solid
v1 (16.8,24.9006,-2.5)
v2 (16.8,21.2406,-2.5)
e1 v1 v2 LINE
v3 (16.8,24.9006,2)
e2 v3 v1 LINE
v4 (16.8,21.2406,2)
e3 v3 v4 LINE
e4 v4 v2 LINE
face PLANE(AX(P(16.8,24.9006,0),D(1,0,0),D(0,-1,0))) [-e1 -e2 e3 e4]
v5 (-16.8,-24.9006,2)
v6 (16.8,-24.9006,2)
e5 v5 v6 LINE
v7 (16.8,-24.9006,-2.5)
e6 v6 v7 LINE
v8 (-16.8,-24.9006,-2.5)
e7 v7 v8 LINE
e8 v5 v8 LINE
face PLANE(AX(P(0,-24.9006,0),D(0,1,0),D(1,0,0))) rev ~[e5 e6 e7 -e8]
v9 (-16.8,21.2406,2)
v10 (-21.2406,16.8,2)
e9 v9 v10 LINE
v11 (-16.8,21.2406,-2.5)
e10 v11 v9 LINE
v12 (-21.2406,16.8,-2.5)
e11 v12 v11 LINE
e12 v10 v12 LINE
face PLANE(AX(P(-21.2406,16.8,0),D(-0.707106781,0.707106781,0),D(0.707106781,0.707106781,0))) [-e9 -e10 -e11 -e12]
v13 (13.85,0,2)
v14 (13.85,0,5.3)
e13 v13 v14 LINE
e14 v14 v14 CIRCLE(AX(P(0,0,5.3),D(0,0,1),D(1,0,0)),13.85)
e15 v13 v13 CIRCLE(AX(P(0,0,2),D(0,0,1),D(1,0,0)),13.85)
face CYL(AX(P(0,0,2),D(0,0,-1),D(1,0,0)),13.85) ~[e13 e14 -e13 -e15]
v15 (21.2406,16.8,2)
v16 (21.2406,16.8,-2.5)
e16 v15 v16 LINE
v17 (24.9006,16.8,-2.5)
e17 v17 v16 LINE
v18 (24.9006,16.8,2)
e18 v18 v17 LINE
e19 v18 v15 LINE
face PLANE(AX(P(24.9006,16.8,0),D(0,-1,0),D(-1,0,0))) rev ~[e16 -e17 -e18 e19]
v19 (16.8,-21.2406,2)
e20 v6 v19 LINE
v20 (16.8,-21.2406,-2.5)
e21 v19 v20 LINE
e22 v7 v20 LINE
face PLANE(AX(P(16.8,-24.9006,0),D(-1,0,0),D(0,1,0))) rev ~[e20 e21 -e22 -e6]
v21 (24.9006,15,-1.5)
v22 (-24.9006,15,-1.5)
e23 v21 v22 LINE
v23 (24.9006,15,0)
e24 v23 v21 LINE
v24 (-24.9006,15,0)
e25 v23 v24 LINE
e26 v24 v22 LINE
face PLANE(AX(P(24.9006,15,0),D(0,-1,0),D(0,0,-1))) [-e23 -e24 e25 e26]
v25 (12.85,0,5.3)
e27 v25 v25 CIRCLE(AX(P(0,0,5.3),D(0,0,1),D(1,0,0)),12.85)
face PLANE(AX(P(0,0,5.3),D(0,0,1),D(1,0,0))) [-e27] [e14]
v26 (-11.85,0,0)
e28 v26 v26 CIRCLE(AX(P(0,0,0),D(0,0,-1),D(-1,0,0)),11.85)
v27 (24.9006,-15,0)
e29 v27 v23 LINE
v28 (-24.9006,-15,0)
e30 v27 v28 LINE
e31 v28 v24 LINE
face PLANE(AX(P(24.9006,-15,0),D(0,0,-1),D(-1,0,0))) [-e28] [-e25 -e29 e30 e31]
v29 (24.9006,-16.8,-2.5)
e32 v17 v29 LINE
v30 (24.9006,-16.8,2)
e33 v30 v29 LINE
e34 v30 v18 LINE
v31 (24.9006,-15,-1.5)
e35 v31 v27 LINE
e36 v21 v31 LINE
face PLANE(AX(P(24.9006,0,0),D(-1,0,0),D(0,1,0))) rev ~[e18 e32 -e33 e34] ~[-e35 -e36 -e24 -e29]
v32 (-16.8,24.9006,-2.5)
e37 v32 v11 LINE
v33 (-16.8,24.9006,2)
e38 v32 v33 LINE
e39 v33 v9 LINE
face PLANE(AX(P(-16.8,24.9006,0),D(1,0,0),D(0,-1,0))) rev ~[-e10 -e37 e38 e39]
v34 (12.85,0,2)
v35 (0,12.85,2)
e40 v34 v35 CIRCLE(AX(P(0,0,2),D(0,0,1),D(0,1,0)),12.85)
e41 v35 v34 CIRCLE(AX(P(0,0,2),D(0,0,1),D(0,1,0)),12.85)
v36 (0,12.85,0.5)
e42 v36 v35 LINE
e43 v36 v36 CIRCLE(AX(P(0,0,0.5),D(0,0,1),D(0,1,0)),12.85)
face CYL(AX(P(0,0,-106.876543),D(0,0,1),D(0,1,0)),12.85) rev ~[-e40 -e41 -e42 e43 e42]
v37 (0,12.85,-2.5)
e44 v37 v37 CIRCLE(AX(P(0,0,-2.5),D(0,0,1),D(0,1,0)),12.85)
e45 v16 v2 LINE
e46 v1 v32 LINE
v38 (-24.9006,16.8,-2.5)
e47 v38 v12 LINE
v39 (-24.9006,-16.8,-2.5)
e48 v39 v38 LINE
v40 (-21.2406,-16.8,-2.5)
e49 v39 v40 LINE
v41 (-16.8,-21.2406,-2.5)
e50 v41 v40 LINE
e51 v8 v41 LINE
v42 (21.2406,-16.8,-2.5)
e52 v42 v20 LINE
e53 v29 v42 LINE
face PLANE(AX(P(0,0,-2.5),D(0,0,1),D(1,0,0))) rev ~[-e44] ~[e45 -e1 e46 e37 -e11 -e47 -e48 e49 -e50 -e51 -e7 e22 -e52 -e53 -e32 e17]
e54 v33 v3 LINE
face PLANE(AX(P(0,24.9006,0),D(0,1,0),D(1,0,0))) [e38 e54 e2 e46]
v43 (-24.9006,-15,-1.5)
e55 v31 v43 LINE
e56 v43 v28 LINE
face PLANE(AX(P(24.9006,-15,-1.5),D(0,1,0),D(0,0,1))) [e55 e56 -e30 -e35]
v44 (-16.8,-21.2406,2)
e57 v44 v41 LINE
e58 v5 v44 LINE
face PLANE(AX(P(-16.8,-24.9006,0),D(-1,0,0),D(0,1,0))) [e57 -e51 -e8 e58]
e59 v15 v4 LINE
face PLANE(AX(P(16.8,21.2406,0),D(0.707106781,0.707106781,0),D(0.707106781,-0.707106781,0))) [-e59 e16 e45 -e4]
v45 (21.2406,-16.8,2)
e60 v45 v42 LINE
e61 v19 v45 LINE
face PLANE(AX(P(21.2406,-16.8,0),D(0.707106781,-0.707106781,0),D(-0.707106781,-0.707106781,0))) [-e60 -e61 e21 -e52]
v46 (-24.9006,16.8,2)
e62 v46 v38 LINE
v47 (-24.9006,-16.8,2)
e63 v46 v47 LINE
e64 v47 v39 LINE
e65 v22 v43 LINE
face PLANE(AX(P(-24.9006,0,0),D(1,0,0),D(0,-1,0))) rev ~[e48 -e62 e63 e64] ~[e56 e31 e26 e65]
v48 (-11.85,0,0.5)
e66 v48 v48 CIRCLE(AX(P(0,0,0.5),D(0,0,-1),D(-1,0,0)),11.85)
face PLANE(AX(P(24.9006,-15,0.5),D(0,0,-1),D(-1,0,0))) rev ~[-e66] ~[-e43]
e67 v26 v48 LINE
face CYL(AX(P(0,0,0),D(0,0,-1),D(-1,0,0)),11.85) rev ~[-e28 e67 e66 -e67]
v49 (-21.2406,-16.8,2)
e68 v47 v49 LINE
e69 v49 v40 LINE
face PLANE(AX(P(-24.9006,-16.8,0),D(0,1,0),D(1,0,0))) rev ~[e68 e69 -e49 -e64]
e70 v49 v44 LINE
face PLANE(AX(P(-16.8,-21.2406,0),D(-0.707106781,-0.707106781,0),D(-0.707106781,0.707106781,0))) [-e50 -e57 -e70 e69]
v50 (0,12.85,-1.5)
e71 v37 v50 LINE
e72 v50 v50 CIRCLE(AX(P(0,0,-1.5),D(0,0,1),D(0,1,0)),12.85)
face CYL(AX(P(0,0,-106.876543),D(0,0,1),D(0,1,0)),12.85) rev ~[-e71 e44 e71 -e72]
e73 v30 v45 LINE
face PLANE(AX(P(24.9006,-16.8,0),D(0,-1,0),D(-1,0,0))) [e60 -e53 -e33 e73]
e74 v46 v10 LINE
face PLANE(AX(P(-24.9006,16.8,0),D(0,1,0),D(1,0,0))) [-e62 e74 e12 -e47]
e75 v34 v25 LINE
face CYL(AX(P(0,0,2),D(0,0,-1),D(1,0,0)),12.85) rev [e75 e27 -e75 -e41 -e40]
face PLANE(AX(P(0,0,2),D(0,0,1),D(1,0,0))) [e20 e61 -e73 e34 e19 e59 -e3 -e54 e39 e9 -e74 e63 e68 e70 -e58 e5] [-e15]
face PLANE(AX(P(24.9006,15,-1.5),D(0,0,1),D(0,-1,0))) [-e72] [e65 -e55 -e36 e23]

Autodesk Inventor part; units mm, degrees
ref_plane "YZ Plane" through (0, 0, 0) normal (1, 0, 0) x (0, 1, 0)
ref_plane "XZ Plane" through (0, 0, 0) normal (0, 1, 0) x (-1, 0, 0)
ref_plane "XY Plane" through (0, 0, 0) normal (0, 0, 1) x (1, 0, 0)
sketch "Sketch1" plane through (0, 0, 0) normal (0, 0, 1) x (1, 0, 0)
  line L0 (-34.8609, 0) -> (34.8609, 0) construction
  line L1 (0, -34.8609) -> (0, 34.8609) construction
  line L2 (0, 0) -> (13.4339, 13.4339) construction
  line L3 (0, 0) -> (18.9985, 0) construction
  line L4 (0, 24.9006) -> (16.8, 24.9006)
  line L5 (16.8, 24.9006) -> (16.8, 21.2406)
  line L6 (16.8, 21.2406) -> (19.0203, 19.0203)
  line L7 (24.9006, 0) -> (24.9006, 16.8)
  line L8 (24.9006, 16.8) -> (21.2406, 16.8)
  line L9 (21.2406, 16.8) -> (19.0203, 19.0203)
  line L10 (0, 0) -> (-13.4339, 13.4339) construction
  line L11 (0, 0) -> (-18.9985, 0) construction
  line L12 (0, 24.9006) -> (-16.8, 24.9006)
  line L13 (-16.8, 24.9006) -> (-16.8, 21.2406)
  line L14 (-16.8, 21.2406) -> (-19.0203, 19.0203)
  line L15 (-24.9006, 0) -> (-24.9006, 16.8)
  line L16 (-24.9006, 16.8) -> (-21.2406, 16.8)
  line L17 (-21.2406, 16.8) -> (-19.0203, 19.0203)
  line L18 (0, 0) -> (13.4339, -13.4339) construction
  line L19 (0, -24.9006) -> (16.8, -24.9006)
  line L20 (16.8, -24.9006) -> (16.8, -21.2406)
  line L21 (16.8, -21.2406) -> (19.0203, -19.0203)
  line L22 (24.9006, 0) -> (24.9006, -16.8)
  line L23 (24.9006, -16.8) -> (21.2406, -16.8)
  line L24 (21.2406, -16.8) -> (19.0203, -19.0203)
  line L25 (0, 0) -> (-13.4339, -13.4339) construction
  line L26 (0, -24.9006) -> (-16.8, -24.9006)
  line L27 (-16.8, -24.9006) -> (-16.8, -21.2406)
  line L28 (-16.8, -21.2406) -> (-19.0203, -19.0203)
  line L29 (-24.9006, 0) -> (-24.9006, -16.8)
  line L30 (-24.9006, -16.8) -> (-21.2406, -16.8)
  line L31 (-21.2406, -16.8) -> (-19.0203, -19.0203)
  dimension "d0" = 45
  dimension "d1" = 3.14
  dimension "d2" = 3.66
  dimension "d3" = 16.8
extrude "Extrusion1" add sketch "Sketch1" along normal blind 2 and the other way blind 2.5
hole "Hole1" at (0, 0, 0) direction (0, 0, 1) diameter 25.7 end through all both
sketch "Skizze3" plane through (24.9006, -16.8, 2) normal (1, 0, 0) x (0, 0, -1)
  line L0 (0, 33.6) -> (4.5, 33.6) projected
  line L1 (4.5, -4.4406) -> (4.5, 0) projected
  line L2 (2, 33.6) -> (4.5, 33.6) construction
  line L3 (2.7, 33.6) -> (2.7, 0) construction
  line L4 (2, 2.8) -> (2, 36.4349) construction
  line L5 (4.5, 33.6) -> (4.5, 0) construction
  line L6 (0, 0) -> (4.5, 0) projected
  line L7 (2, 31.8) -> (3.5, 31.8)
  line L8 (3.5, 31.8) -> (3.5, 1.8)
  line L9 (3.5, 1.8) -> (2, 1.8)
  line L10 (2, 1.8) -> (2, 31.8)
  point P0 (2, 16.8)
  point P1 (3.5, 16.8)
  point P2 (2.7, 16.8)
  point P3 (2, 16.8)
  point P4 (4.5, 16.8)
  dimension "d25" = 30
  dimension "d26" = 1.5
  dimension "d51" = 1
extrude "Extrusion3" cut sketch "Skizze3" against normal up to surface (49.8013 mm away)
sketch "Skizze4" plane through (24.9006, -15, 0) normal (0, 0, -1) x (-1, 0, 0)
  circle A0 centre (24.9006, 15) radius 11.85
  circle A1 centre (24.9006, 15) radius 12.85 projected
  dimension "d33" = 23.7
  dimension "d34" = 1
extrude "Extrusion4" add sketch "Skizze4" against normal blind 0.5
sketch "Sketch7" plane through (0, 0, 2) normal (0, 0, 1) x (1, 0, 0)
  circle A0 centre (0, 0) radius 12.85 construction
  circle A1 centre (0, 0) radius 12.85
  circle A2 centre (0, 0) radius 13.85
  dimension "d52" = 25.7
  dimension "d53" = 1
extrude "Extrusion7" add sketch "Sketch7" along normal blind 3.3
equation "\"Lens_diameter\" = 25"
properties part number "polarbox_20_Lens_holder 1st design"
